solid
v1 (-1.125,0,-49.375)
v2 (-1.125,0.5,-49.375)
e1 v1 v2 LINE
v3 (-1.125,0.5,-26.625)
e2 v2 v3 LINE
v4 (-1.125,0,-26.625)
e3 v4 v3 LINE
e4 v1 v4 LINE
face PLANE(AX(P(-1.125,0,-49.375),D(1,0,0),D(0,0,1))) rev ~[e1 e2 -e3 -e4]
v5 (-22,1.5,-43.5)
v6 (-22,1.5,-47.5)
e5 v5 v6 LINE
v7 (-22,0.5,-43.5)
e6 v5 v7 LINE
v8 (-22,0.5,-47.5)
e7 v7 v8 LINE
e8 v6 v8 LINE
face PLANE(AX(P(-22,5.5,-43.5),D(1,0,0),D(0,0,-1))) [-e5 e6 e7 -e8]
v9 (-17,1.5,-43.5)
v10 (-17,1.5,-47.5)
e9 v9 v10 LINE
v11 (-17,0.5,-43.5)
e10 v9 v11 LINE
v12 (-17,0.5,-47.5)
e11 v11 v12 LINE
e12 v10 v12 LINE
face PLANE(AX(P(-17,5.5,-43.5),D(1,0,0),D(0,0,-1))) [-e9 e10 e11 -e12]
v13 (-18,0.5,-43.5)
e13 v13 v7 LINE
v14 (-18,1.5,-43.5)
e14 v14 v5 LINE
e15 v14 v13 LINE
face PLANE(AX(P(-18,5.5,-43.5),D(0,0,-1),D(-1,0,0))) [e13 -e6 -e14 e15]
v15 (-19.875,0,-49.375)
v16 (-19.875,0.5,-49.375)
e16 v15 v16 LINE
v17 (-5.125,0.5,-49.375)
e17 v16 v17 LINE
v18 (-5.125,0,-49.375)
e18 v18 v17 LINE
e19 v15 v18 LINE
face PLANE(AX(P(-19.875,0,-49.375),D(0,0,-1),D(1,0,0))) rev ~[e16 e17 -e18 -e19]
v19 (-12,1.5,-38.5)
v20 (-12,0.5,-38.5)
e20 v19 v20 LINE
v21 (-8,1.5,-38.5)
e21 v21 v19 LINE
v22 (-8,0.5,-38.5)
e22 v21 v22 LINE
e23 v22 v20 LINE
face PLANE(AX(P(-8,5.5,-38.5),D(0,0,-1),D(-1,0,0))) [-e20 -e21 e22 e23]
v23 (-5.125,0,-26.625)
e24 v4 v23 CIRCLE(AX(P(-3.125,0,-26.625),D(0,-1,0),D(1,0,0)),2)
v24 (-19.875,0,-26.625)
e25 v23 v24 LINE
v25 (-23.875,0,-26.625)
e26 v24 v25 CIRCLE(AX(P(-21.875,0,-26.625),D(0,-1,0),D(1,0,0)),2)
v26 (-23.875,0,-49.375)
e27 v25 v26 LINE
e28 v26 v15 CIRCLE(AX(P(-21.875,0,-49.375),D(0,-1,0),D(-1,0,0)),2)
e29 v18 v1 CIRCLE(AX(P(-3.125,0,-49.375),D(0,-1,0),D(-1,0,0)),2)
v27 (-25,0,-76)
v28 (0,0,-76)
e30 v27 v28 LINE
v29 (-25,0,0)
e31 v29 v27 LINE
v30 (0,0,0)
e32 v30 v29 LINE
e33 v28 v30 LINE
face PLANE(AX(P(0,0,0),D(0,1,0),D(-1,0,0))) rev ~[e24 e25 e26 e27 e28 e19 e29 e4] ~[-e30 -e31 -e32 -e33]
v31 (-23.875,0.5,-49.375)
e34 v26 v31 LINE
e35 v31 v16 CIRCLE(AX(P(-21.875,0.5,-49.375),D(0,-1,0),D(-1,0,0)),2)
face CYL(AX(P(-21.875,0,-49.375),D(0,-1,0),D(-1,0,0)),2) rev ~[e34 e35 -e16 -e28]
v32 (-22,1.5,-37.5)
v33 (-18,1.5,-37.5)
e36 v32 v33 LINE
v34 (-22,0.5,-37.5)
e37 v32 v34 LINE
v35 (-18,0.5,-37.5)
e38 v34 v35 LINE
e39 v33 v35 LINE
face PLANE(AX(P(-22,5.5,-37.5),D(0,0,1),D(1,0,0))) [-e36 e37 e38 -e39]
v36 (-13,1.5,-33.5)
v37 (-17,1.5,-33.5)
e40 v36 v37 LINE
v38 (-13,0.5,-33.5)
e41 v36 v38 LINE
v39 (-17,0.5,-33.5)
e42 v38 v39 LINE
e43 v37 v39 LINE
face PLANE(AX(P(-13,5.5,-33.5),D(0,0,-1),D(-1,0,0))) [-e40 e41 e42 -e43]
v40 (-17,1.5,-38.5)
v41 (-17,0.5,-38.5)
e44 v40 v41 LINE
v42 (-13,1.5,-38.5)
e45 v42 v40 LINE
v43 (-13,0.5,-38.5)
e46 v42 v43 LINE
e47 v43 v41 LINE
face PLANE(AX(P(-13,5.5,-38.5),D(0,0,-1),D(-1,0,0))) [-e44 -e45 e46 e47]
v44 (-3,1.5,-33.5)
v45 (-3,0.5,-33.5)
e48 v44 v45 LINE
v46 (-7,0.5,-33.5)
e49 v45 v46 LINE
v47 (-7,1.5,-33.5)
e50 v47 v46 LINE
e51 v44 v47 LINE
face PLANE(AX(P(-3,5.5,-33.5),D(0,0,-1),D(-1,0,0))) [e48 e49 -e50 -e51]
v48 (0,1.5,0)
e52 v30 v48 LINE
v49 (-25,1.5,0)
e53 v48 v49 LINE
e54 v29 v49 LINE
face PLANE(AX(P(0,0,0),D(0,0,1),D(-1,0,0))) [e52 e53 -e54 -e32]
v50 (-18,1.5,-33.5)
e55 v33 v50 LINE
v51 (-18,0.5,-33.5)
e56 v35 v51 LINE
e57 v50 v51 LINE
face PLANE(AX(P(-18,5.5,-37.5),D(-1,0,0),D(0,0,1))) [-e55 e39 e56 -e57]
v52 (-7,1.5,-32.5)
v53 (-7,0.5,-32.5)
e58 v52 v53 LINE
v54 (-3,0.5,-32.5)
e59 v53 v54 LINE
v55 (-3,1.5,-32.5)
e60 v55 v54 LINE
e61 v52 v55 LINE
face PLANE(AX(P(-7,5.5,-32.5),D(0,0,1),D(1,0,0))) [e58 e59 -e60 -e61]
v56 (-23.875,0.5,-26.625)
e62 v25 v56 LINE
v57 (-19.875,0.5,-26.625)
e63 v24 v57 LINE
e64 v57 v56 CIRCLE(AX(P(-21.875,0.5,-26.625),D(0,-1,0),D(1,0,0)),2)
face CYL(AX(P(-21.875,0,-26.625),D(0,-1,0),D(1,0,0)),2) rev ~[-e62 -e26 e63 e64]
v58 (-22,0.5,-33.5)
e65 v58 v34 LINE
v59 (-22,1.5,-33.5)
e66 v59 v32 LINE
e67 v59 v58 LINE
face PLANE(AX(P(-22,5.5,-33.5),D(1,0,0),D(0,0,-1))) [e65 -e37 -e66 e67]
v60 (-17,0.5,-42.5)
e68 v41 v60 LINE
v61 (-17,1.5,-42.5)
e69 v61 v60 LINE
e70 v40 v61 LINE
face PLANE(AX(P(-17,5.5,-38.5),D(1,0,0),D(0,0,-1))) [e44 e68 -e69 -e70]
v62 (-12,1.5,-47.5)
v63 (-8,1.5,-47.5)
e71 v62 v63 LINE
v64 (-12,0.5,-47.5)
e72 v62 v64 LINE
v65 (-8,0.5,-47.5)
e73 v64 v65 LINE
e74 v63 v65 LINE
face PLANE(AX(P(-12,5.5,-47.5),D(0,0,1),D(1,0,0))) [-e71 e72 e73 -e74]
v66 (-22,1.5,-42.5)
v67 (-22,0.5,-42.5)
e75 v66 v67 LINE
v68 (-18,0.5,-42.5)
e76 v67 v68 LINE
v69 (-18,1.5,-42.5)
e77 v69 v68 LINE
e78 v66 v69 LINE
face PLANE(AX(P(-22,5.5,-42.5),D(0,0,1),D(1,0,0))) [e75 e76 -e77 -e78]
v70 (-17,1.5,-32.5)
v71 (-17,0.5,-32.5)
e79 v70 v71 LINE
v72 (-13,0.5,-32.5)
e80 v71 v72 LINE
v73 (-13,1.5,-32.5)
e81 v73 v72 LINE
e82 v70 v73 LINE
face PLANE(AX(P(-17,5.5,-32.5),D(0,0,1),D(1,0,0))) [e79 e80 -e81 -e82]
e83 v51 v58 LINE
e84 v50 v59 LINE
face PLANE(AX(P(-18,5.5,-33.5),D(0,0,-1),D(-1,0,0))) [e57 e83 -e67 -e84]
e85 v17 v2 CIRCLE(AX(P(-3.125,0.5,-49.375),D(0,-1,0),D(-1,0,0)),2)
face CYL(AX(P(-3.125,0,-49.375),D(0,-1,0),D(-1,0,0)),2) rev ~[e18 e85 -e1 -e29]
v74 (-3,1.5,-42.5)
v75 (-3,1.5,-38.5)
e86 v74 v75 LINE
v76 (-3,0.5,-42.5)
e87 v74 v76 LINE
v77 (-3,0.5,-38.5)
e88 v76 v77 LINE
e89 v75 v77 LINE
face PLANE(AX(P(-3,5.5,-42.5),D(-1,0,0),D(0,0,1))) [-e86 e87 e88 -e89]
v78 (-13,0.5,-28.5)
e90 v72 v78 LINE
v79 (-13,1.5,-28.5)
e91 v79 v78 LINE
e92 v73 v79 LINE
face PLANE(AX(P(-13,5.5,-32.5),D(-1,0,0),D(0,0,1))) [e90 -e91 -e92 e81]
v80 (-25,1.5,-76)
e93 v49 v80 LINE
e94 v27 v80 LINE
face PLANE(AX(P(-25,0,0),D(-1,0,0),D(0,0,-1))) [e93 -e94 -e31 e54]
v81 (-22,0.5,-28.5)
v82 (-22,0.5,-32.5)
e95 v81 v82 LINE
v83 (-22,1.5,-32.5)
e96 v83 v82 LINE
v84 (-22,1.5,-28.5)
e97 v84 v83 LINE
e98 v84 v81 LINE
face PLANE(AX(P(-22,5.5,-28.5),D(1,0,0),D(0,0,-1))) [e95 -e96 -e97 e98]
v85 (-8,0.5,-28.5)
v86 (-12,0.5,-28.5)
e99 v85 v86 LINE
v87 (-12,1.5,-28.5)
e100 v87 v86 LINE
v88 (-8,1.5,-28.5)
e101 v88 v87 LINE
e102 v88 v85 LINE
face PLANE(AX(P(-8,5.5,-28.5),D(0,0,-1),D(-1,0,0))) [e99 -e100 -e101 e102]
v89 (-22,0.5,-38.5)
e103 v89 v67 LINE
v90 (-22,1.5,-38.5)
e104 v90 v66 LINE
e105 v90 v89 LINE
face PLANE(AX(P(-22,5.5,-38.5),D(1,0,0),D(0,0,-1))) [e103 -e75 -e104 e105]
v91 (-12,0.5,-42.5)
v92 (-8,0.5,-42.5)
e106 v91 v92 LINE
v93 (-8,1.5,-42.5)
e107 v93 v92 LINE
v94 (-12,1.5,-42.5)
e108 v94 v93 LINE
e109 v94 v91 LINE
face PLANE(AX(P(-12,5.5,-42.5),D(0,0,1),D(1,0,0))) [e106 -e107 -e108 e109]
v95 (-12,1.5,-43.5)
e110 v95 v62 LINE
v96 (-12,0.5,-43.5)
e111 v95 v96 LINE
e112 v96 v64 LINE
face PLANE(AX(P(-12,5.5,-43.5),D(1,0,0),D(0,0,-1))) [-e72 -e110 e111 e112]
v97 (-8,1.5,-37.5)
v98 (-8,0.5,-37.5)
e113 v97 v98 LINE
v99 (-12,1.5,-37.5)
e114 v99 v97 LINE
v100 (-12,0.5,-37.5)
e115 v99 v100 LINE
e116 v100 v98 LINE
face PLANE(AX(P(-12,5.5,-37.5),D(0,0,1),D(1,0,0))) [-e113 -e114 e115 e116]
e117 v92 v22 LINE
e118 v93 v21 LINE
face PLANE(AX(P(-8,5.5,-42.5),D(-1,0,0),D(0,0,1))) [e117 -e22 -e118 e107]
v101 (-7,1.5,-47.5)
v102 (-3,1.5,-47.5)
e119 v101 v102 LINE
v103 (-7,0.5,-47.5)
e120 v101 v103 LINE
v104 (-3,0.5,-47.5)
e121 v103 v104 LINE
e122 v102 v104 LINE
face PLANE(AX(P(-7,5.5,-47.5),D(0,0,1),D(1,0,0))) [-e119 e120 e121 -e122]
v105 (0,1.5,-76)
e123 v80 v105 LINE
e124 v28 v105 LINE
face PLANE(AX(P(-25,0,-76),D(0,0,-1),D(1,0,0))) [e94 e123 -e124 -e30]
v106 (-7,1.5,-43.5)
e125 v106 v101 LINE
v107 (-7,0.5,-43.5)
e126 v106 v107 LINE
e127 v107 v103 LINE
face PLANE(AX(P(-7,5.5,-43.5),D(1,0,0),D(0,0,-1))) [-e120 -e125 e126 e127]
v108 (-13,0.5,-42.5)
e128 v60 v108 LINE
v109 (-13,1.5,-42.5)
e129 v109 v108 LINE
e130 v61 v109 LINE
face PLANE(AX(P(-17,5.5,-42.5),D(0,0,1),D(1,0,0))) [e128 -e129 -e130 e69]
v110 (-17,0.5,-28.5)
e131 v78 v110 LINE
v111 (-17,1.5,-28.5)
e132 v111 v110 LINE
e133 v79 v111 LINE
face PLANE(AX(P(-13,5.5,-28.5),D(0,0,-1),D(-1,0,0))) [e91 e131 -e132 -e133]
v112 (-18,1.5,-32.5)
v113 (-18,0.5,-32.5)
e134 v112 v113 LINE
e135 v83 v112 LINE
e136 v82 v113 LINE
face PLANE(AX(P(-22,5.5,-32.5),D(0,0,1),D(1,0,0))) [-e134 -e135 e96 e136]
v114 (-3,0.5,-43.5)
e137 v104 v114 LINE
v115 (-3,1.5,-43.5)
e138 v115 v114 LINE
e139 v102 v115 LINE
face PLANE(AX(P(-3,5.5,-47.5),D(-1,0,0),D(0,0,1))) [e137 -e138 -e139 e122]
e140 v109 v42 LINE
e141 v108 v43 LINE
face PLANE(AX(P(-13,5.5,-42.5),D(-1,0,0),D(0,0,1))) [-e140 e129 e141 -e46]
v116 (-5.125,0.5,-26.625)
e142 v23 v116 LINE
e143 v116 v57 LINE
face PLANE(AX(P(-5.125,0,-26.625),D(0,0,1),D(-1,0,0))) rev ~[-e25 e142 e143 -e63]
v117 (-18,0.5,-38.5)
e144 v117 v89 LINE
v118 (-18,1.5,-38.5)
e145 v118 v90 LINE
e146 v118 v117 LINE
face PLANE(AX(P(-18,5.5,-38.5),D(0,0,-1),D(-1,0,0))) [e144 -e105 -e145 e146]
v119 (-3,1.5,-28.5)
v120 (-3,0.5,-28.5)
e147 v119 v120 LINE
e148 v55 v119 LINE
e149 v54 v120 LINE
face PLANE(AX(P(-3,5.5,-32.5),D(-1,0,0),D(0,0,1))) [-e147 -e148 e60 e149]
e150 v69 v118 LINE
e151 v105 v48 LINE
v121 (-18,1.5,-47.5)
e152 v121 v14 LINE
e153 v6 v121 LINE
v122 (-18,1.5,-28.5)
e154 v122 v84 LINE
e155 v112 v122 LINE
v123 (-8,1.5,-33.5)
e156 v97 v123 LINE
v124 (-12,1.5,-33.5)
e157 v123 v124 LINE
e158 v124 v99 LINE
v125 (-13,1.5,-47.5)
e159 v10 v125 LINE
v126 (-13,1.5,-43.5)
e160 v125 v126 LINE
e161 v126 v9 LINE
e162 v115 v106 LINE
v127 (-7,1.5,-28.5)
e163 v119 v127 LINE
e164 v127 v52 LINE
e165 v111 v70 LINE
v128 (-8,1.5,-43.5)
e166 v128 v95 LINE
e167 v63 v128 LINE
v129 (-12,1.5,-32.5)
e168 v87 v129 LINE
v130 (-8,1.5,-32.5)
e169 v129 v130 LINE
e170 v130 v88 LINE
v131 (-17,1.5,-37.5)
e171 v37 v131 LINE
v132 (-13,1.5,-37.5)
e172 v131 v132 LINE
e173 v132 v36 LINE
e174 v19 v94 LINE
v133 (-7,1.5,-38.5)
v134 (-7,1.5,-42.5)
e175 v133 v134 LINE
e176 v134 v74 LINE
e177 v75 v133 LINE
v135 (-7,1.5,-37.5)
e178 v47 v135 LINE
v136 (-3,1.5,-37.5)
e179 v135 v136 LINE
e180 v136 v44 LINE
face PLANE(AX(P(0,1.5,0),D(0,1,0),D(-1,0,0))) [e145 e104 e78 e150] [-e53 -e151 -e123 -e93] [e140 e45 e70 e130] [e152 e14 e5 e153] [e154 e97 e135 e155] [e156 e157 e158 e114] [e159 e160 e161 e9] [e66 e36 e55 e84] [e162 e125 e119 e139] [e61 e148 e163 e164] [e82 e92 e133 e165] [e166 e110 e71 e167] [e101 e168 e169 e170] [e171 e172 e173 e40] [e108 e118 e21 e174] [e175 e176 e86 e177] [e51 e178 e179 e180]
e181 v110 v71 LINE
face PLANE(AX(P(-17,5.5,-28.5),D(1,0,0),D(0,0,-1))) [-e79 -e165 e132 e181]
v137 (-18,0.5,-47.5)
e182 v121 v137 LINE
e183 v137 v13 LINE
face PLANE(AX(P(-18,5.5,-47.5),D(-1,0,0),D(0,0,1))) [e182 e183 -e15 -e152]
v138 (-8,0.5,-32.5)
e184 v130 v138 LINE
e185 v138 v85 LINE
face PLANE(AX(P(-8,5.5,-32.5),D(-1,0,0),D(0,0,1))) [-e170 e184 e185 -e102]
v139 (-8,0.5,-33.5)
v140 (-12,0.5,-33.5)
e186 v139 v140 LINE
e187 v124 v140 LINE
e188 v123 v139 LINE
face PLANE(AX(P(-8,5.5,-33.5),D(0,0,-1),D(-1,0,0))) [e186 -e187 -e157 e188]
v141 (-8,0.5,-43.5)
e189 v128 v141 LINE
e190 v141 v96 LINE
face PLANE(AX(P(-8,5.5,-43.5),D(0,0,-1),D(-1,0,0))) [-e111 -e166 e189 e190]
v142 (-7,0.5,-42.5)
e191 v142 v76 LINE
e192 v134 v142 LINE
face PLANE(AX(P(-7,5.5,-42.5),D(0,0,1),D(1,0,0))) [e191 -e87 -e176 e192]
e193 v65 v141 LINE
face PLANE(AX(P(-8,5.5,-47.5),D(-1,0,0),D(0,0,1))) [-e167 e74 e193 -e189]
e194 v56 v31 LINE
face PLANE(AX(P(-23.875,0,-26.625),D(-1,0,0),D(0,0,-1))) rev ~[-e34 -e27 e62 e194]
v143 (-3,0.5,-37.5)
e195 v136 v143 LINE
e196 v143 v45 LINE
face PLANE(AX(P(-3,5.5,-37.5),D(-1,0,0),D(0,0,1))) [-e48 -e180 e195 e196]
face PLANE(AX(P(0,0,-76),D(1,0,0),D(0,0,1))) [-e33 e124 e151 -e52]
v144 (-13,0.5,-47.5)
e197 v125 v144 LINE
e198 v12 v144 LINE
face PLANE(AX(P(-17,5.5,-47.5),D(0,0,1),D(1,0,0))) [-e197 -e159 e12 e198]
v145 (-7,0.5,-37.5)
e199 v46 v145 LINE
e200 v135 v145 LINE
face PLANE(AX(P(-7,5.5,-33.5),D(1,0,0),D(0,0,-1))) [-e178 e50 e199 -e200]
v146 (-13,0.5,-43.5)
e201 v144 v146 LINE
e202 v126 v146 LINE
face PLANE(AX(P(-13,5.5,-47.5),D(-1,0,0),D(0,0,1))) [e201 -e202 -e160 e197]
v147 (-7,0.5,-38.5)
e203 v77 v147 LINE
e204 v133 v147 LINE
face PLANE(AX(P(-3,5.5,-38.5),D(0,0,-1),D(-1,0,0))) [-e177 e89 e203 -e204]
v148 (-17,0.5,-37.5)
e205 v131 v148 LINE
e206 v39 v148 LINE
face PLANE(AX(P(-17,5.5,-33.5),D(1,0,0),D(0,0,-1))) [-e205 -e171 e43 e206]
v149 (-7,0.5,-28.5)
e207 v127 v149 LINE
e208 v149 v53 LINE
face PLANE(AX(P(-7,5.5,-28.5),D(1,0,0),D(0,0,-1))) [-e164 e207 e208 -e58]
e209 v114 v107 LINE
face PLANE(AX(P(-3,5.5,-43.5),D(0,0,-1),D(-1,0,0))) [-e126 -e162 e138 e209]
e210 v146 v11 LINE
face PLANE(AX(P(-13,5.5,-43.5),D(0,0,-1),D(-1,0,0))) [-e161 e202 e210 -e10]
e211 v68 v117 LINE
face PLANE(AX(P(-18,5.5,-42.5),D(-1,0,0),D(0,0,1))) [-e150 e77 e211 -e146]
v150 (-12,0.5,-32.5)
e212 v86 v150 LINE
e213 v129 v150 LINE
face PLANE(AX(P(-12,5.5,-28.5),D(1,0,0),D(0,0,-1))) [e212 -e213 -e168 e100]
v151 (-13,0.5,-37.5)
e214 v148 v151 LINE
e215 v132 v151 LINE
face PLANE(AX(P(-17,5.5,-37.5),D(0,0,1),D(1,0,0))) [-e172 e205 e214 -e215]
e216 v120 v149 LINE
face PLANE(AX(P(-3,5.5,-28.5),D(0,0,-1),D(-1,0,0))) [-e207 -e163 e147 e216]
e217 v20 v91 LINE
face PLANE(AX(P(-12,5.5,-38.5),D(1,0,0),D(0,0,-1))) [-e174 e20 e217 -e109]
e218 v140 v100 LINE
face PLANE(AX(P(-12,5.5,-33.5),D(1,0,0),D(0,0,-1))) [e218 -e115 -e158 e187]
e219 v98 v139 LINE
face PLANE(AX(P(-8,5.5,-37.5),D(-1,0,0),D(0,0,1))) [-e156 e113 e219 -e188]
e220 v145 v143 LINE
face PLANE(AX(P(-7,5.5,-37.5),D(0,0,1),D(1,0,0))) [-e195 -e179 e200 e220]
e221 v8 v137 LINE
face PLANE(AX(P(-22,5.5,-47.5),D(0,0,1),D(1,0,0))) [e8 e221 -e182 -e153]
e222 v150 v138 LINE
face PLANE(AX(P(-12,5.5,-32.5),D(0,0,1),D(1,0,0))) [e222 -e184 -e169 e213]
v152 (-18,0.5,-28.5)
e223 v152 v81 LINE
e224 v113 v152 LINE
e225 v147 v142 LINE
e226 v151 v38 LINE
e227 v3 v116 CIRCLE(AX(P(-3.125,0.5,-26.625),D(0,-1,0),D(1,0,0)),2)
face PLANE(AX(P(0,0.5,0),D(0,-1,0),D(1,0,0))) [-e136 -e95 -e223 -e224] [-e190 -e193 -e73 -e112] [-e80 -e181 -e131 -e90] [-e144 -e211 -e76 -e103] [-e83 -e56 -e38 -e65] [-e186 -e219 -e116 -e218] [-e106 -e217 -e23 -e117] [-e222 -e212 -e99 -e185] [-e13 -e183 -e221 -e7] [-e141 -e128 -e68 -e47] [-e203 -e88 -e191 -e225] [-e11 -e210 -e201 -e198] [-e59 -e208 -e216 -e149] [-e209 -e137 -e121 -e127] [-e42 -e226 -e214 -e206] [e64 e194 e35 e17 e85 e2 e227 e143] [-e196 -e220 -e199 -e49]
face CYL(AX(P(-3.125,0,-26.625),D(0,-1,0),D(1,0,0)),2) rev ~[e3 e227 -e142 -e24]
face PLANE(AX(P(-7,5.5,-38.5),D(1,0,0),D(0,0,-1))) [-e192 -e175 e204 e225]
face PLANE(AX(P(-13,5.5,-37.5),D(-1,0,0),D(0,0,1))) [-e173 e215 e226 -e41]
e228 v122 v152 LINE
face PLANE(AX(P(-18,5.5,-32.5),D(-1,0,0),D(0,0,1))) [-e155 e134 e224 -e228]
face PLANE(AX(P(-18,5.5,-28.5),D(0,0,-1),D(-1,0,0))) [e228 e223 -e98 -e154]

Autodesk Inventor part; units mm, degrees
ref_plane "YZ Plane" through (0, 0, 0) normal (1, 0, 0) x (0, 1, 0)
ref_plane "XZ Plane" through (0, 0, 0) normal (0, 1, 0) x (-1, 0, 0)
ref_plane "XY Plane" through (0, 0, 0) normal (0, 0, 1) x (1, 0, 0)
sketch "Sketch1" plane through (0, 0, 0) normal (0, 1, 0) x (-1, 0, 0)
  line L0 (0, 0) -> (25, 0)
  line L1 (25, 0) -> (25, -76)
  line L2 (25, -76) -> (0, -76)
  line L3 (0, -76) -> (0, 0)
  dimension "d0" = 76
  dimension "d1" = 25
extrude "Extrusion1" add sketch "Sketch1" along normal blind 1.5
ref_plane "Work Plane2" through (0, 5.5, 0) normal (0, 1, 0) x (1, 0, 0)
sketch "Sketch3" plane through (0, 5.5, 0) normal (0, 1, 0) x (1, 0, 0)
  line L0 (0, 0) -> (-25, 0) construction
  line L1 (-12.5, 0) -> (-12.5, 76) construction
  line L2 (-25, 76) -> (0, 76) construction
  line L3 (-25, 71) -> (-25, 5) construction
  line L4 (-25, 38) -> (-0.4405, 38) construction
  line L5 (-20, 28.5) -> (-5, 28.5) construction
  line L6 (-3, 30.5) -> (-3, 45.5) construction
  line L7 (-5, 47.5) -> (-20, 47.5) construction
  line L8 (-22, 45.5) -> (-22, 30.5) construction
  line L9 (-22, 28.5) -> (-3, 47.5) construction
  line L10 (-3, 28.5) -> (-22, 47.5) construction
  arc A0 (-20, 47.5) -> (-22, 45.5) centre (-20, 45.5) ccw construction
  arc A1 (-3, 45.5) -> (-5, 47.5) centre (-5, 45.5) ccw construction
  arc A2 (-5, 28.5) -> (-3, 30.5) centre (-5, 30.5) ccw construction
  arc A3 (-22, 30.5) -> (-20, 28.5) centre (-20, 30.5) ccw construction
  line L11 (-22, 47.5) -> (-18, 47.5)
  line L12 (-18, 47.5) -> (-18, 43.5)
  line L13 (-18, 43.5) -> (-22, 43.5)
  line L14 (-22, 43.5) -> (-22, 47.5)
  line L15 (0, 47.5) -> (-15, 47.5) construction
  line L16 (-13, 43.5) -> (-17, 43.5)
  line L17 (-13, 47.5) -> (-13, 43.5)
  line L18 (-17, 47.5) -> (-13, 47.5)
  line L19 (-17, 43.5) -> (-17, 47.5)
  line L20 (5, 47.5) -> (-10, 47.5) construction
  line L21 (-8, 43.5) -> (-12, 43.5)
  line L22 (-8, 47.5) -> (-8, 43.5)
  line L23 (-12, 47.5) -> (-8, 47.5)
  line L24 (-12, 43.5) -> (-12, 47.5)
  line L25 (10, 47.5) -> (-5, 47.5) construction
  line L26 (-3, 43.5) -> (-7, 43.5)
  line L27 (-3, 47.5) -> (-3, 43.5)
  line L28 (-7, 47.5) -> (-3, 47.5)
  line L29 (-7, 43.5) -> (-7, 47.5)
  line L30 (-5, 42.5) -> (-20, 42.5) construction
  line L31 (-18, 38.5) -> (-22, 38.5)
  line L32 (-18, 42.5) -> (-18, 38.5)
  line L33 (-22, 42.5) -> (-18, 42.5)
  line L34 (-22, 38.5) -> (-22, 42.5)
  line L35 (0, 42.5) -> (-15, 42.5) construction
  line L36 (-13, 38.5) -> (-17, 38.5)
  line L37 (-13, 42.5) -> (-13, 38.5)
  line L38 (-17, 42.5) -> (-13, 42.5)
  line L39 (-17, 38.5) -> (-17, 42.5)
  line L40 (5, 42.5) -> (-10, 42.5) construction
  line L41 (-8, 38.5) -> (-12, 38.5)
  line L42 (-8, 42.5) -> (-8, 38.5)
  line L43 (-12, 42.5) -> (-8, 42.5)
  line L44 (-12, 38.5) -> (-12, 42.5)
  line L45 (10, 42.5) -> (-5, 42.5) construction
  line L46 (-3, 38.5) -> (-7, 38.5)
  line L47 (-3, 42.5) -> (-3, 38.5)
  line L48 (-7, 42.5) -> (-3, 42.5)
  line L49 (-7, 38.5) -> (-7, 42.5)
  line L50 (-5, 37.5) -> (-20, 37.5) construction
  line L51 (-18, 33.5) -> (-22, 33.5)
  line L52 (-18, 37.5) -> (-18, 33.5)
  line L53 (-22, 37.5) -> (-18, 37.5)
  line L54 (-22, 33.5) -> (-22, 37.5)
  line L55 (0, 37.5) -> (-15, 37.5) construction
  line L56 (-13, 33.5) -> (-17, 33.5)
  line L57 (-13, 37.5) -> (-13, 33.5)
  line L58 (-17, 37.5) -> (-13, 37.5)
  line L59 (-17, 33.5) -> (-17, 37.5)
  line L60 (5, 37.5) -> (-10, 37.5) construction
  line L61 (-8, 33.5) -> (-12, 33.5)
  line L62 (-8, 37.5) -> (-8, 33.5)
  line L63 (-12, 37.5) -> (-8, 37.5)
  line L64 (-12, 33.5) -> (-12, 37.5)
  line L65 (10, 37.5) -> (-5, 37.5) construction
  line L66 (-3, 33.5) -> (-7, 33.5)
  line L67 (-3, 37.5) -> (-3, 33.5)
  line L68 (-7, 37.5) -> (-3, 37.5)
  line L69 (-7, 33.5) -> (-7, 37.5)
  line L70 (-5, 32.5) -> (-20, 32.5) construction
  line L71 (-18, 28.5) -> (-22, 28.5)
  line L72 (-18, 32.5) -> (-18, 28.5)
  line L73 (-22, 32.5) -> (-18, 32.5)
  line L74 (-22, 28.5) -> (-22, 32.5)
  line L75 (0, 32.5) -> (-15, 32.5) construction
  line L76 (-13, 28.5) -> (-17, 28.5)
  line L77 (-13, 32.5) -> (-13, 28.5)
  line L78 (-17, 32.5) -> (-13, 32.5)
  line L79 (-17, 28.5) -> (-17, 32.5)
  line L80 (5, 32.5) -> (-10, 32.5) construction
  line L81 (-8, 28.5) -> (-12, 28.5)
  line L82 (-8, 32.5) -> (-8, 28.5)
  line L83 (-12, 32.5) -> (-8, 32.5)
  line L84 (-12, 28.5) -> (-12, 32.5)
  line L85 (10, 32.5) -> (-5, 32.5) construction
  line L86 (-3, 28.5) -> (-7, 28.5)
  line L87 (-3, 32.5) -> (-3, 28.5)
  line L88 (-7, 32.5) -> (-3, 32.5)
  line L89 (-7, 28.5) -> (-7, 32.5)
  point P0 (-12.5, 38)
  point P1 (2, 47.5)
  point P2 (7, 47.5)
  point P3 (12, 47.5)
  point P4 (-3, 42.5)
  point P5 (2, 42.5)
  point P6 (7, 42.5)
  point P7 (12, 42.5)
  point P8 (-3, 37.5)
  point P9 (2, 37.5)
  point P10 (7, 37.5)
  point P11 (12, 37.5)
  point P12 (-3, 32.5)
  point P13 (2, 32.5)
  point P14 (7, 32.5)
  point P15 (12, 32.5)
  dimension "d8" = 19
  dimension "d9" = 2
  dimension "d10" = 2
  dimension "d11" = 2
  dimension "d12" = 2
  dimension "d20" = 4
  dimension "d23" = 5
  dimension "d26" = 5
extrude "Extrusion3" cut sketch "Sketch3" against normal blind 6
sketch "Sketch4" plane through (0, 0, 0) normal (0, -1, 0) x (1, 0, 0)
  line L0 (0, -76) -> (0, 0) construction
  line L1 (0, -38) -> (-25, -38) construction
  line L2 (-25, -71) -> (-25, -5) construction
  line L3 (0, 0) -> (-25, 0) construction
  line L4 (-12.5, 0) -> (-12.5, -76) construction
  line L5 (-25, -76) -> (0, -76) construction
  line L6 (-19.875, -49.375) -> (-5.125, -49.375)
  line L7 (-1.125, -49.375) -> (-1.125, -26.625)
  line L8 (-5.125, -26.625) -> (-19.875, -26.625)
  line L9 (-23.875, -26.625) -> (-23.875, -49.375)
  line L10 (-23.875, -49.375) -> (-1.125, -26.625) construction
  line L11 (-1.125, -49.375) -> (-23.875, -26.625) construction
  arc A0 (-1.125, -26.625) -> (-5.125, -26.625) centre (-3.125, -26.625) ccw
  arc A1 (-19.875, -26.625) -> (-23.875, -26.625) centre (-21.875, -26.625) ccw
  arc A2 (-23.875, -49.375) -> (-19.875, -49.375) centre (-21.875, -49.375) ccw
  arc A3 (-5.125, -49.375) -> (-1.125, -49.375) centre (-3.125, -49.375) ccw
  point P0 (-12.5, -38)
  dimension "d15" = 22.75
  dimension "d16" = 4
  dimension "d17" = 22.75
extrude "Extrusion4" cut sketch "Sketch4" against normal blind 0.5
properties part number "scope coverslip holder lowpro offset"
